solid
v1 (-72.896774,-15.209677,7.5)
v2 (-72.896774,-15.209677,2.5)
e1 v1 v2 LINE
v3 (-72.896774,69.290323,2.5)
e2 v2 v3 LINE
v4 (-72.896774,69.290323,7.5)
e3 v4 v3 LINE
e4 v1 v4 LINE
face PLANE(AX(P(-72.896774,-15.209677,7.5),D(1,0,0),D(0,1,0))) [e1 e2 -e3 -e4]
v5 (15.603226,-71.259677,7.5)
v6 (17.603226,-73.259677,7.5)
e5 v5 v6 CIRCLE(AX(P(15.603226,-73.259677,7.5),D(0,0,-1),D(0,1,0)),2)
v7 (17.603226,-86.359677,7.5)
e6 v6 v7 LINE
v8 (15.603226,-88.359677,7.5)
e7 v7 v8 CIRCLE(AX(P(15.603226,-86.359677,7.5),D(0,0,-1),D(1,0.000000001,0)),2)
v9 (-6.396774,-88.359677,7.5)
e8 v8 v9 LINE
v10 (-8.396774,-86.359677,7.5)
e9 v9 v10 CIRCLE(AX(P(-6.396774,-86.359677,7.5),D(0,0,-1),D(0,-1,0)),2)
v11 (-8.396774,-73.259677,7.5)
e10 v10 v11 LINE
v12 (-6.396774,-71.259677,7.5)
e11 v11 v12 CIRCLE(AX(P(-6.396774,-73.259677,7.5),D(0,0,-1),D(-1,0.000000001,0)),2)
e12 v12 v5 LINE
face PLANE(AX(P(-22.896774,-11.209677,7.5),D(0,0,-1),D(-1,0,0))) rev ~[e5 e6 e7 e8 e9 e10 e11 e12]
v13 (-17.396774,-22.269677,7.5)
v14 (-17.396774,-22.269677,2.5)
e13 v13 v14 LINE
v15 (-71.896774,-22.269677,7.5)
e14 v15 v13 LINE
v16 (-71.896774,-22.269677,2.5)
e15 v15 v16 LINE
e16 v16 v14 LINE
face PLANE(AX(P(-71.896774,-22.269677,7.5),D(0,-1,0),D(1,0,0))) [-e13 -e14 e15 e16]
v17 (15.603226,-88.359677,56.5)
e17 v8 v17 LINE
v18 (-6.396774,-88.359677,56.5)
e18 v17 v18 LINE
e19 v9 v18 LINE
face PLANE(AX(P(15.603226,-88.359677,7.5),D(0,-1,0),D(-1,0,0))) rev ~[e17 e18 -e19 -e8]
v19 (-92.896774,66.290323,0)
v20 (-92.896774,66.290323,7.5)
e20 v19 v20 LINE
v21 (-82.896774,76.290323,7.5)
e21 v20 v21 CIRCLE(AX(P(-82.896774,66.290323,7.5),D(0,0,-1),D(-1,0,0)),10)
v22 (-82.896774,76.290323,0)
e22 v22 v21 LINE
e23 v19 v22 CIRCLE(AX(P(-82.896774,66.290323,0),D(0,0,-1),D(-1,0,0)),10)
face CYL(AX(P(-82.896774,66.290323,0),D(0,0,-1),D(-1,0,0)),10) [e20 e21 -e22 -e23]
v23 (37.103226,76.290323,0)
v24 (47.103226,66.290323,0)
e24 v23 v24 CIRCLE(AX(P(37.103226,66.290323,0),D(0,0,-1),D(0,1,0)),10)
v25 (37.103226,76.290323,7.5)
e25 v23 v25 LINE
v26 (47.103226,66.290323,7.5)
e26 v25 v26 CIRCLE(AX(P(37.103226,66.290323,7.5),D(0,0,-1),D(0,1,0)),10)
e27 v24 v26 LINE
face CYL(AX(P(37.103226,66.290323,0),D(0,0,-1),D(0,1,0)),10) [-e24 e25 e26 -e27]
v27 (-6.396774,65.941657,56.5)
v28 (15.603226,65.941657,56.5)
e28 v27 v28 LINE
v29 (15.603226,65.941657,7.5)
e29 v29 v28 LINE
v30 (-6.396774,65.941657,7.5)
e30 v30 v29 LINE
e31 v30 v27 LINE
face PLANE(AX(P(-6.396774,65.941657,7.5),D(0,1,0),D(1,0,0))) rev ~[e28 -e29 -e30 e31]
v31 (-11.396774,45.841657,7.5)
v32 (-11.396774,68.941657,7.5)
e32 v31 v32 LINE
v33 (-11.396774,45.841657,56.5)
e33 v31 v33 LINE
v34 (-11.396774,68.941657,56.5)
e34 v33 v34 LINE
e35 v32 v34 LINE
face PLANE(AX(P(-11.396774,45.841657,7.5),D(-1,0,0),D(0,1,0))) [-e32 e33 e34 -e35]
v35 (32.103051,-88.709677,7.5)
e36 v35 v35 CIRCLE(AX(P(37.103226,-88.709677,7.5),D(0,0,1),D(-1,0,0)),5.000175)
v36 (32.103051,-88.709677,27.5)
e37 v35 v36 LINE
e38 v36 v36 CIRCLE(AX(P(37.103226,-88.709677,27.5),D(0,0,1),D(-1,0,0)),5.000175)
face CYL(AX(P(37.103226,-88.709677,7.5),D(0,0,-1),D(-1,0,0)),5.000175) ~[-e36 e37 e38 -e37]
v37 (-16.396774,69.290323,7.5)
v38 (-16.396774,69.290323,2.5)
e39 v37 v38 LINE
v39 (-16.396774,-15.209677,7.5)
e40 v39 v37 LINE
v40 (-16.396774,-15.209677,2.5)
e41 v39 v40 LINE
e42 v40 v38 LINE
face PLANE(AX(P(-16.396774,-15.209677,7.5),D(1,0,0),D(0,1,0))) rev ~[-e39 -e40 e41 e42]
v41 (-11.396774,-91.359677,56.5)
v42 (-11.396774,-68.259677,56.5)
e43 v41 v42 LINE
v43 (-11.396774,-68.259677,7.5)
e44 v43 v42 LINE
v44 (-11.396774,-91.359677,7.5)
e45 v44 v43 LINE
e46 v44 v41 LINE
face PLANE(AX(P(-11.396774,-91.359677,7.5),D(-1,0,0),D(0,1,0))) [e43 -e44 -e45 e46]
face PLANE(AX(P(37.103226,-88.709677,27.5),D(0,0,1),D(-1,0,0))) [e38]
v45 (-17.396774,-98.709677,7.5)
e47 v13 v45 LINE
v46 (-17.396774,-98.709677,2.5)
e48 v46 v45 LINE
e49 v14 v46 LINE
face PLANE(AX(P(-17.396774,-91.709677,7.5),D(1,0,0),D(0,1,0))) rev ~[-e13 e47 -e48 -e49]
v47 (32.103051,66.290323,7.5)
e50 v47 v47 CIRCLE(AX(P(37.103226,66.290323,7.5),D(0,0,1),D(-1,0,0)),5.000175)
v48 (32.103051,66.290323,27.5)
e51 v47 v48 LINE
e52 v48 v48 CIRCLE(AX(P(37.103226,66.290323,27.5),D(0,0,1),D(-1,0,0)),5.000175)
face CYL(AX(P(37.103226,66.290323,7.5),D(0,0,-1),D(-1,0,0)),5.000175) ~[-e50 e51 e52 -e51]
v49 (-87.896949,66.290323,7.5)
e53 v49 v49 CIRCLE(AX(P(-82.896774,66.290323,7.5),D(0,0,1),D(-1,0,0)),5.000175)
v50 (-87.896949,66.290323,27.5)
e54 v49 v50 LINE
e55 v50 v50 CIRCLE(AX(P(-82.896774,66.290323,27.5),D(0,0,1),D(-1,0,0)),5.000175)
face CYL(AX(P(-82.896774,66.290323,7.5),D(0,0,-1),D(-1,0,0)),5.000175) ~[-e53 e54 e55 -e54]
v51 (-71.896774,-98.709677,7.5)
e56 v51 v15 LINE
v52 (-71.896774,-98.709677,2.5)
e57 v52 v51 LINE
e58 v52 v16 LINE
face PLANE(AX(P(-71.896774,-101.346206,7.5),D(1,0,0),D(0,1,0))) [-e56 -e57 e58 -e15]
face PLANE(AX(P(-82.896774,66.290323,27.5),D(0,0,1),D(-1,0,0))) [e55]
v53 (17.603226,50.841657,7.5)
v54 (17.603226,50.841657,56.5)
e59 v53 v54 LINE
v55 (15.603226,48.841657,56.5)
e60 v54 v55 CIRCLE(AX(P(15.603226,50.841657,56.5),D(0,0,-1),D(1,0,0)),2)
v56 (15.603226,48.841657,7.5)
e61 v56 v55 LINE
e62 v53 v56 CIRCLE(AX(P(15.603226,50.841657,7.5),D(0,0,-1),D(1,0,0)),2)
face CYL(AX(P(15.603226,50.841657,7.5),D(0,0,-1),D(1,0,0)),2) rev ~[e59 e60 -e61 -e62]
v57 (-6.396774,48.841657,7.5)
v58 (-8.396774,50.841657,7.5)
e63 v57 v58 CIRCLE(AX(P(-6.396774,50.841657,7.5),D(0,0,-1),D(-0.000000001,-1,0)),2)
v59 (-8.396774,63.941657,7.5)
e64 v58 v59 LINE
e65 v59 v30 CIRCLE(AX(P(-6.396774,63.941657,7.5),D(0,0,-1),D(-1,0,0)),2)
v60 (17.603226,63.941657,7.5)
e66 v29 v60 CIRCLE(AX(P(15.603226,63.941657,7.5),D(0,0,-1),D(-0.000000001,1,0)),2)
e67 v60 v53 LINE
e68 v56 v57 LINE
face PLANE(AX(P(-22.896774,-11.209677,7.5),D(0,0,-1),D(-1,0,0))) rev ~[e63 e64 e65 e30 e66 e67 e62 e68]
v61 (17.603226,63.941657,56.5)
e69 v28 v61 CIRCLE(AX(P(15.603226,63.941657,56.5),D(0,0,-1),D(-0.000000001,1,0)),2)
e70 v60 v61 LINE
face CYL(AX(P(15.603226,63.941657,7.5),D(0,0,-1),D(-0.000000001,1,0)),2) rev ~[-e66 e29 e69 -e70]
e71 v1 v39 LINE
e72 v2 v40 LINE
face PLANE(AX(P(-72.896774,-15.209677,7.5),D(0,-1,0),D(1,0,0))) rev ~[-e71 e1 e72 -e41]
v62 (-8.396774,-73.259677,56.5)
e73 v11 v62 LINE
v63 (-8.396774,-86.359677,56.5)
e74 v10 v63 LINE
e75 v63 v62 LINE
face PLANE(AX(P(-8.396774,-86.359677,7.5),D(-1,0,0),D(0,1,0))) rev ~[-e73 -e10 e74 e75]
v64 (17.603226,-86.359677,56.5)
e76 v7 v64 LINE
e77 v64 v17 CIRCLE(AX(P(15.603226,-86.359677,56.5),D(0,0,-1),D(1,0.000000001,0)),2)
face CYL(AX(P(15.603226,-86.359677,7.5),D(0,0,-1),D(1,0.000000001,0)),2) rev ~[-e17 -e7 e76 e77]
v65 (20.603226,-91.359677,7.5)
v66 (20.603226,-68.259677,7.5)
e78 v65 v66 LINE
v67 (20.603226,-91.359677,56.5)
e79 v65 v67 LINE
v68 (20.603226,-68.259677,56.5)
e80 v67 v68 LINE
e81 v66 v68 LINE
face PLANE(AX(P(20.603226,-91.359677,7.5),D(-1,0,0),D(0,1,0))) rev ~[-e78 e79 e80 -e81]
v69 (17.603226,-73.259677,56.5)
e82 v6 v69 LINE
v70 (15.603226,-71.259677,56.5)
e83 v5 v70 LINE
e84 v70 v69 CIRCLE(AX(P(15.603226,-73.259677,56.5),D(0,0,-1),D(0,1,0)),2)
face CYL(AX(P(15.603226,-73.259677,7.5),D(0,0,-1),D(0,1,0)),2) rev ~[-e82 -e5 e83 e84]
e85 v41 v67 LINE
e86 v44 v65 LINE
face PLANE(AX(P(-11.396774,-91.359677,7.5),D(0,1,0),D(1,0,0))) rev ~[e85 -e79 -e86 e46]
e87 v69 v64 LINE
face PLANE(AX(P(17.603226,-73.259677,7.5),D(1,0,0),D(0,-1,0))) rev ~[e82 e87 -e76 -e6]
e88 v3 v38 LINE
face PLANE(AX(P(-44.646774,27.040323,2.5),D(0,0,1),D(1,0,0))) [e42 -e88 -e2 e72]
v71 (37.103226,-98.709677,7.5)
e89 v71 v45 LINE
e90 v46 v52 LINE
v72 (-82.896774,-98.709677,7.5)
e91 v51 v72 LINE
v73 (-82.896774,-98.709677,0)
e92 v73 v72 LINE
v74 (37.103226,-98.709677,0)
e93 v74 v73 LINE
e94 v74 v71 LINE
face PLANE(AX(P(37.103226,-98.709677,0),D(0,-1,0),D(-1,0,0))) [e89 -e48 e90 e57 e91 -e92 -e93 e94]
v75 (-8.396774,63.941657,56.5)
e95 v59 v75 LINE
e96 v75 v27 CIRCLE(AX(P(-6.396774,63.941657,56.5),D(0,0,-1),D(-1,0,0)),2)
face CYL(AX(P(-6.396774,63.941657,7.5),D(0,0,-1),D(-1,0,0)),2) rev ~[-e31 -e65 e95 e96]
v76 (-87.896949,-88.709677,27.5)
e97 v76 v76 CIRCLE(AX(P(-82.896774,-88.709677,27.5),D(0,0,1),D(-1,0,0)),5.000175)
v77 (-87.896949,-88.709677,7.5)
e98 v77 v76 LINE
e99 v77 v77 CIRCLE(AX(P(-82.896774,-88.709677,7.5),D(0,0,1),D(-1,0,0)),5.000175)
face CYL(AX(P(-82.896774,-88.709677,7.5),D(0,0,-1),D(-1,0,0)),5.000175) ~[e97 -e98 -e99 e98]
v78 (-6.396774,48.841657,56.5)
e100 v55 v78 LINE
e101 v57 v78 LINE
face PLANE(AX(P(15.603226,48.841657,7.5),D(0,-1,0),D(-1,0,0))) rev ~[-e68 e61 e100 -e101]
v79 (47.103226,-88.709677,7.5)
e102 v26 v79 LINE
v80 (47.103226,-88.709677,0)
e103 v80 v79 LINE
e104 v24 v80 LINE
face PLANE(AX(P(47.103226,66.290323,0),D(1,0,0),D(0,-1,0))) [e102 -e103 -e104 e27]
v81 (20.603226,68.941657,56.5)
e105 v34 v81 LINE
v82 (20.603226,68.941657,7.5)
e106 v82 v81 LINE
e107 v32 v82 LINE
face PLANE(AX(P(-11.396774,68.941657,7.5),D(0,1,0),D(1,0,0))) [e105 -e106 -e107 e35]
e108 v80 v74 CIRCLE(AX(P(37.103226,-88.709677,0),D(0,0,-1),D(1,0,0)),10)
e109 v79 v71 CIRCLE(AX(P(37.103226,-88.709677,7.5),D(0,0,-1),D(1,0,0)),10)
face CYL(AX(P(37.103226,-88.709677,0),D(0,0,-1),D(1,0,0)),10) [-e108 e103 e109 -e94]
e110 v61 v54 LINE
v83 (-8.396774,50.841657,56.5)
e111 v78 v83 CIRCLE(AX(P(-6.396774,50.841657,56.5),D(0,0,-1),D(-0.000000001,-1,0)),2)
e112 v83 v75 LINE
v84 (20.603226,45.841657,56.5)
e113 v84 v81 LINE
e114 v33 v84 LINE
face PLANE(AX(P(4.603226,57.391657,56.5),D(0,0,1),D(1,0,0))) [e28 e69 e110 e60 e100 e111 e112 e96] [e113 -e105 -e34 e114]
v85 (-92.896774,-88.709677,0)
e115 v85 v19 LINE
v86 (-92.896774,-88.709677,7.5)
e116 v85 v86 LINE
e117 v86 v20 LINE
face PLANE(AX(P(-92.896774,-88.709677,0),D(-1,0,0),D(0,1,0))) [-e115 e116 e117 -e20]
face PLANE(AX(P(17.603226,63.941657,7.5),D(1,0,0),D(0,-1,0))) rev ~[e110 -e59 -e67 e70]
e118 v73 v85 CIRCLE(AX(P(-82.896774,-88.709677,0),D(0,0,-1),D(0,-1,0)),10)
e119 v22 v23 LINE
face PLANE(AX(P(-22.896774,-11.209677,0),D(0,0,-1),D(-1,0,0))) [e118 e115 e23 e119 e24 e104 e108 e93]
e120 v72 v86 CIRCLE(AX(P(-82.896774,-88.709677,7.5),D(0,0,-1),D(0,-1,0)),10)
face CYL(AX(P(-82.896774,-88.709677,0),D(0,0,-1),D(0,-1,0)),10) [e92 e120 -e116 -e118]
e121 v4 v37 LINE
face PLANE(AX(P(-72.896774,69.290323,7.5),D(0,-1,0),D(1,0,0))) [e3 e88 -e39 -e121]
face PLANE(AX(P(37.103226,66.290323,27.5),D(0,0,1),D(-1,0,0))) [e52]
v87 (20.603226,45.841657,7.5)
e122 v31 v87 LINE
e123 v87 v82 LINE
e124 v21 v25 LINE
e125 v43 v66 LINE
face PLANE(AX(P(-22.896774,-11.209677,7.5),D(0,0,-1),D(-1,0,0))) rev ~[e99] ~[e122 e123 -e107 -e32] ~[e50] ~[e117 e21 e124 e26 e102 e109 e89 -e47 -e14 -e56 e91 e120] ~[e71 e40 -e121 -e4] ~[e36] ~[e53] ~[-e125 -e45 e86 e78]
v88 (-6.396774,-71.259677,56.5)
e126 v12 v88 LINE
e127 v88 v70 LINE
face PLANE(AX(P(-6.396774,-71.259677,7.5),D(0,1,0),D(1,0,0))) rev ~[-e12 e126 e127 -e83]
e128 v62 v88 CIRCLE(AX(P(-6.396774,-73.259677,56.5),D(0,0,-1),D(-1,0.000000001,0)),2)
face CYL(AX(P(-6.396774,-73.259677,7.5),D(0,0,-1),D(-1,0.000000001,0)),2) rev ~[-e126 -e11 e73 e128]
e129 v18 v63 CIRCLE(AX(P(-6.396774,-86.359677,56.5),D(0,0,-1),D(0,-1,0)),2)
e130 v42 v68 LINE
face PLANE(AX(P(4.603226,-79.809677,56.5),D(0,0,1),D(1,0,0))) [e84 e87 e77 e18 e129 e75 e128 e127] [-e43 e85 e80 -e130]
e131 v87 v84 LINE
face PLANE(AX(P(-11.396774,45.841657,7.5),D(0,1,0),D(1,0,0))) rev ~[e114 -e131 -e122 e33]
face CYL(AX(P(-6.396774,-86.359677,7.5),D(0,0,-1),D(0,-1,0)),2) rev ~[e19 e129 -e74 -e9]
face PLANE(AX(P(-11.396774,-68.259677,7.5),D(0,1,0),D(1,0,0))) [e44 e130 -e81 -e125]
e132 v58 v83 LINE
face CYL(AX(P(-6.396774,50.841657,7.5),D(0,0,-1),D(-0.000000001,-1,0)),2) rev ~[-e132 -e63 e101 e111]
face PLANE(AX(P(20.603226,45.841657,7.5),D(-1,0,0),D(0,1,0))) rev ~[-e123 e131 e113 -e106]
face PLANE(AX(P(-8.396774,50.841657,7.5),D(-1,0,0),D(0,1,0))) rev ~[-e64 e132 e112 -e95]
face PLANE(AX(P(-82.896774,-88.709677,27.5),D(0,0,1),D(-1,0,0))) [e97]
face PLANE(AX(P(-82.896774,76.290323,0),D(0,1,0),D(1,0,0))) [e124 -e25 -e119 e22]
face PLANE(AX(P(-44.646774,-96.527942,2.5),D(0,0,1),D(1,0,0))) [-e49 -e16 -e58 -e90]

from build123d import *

# Parameters (mm, degrees)
BOSS_EXTRUDE1_DEPTH = 7.5
SKETCH3_W           = 56.5
SKETCH3_H           = 84.5
SKETCH3_W_2         = 54.5
SKETCH3_H_2         = 69.44
CUT_EXTRUDE1_DEPTH  = 5
SKETCH4_W           = 54.5
SKETCH4_H           = 9.636528607
CUT_EXTRUDE2_DEPTH  = 5
SKETCH5_W           = 32
SKETCH5_H           = 23.1
BOSS_EXTRUDE2_DEPTH = 49
SKETCH6_W           = 32
SKETCH6_H           = 23.1
BOSS_EXTRUDE3_DEPTH = 49
SKETCH7_R           = 5.000174567
BOSS_EXTRUDE4_DEPTH = 20


with BuildPart() as part:
    # Sketch2 → Boss-Extrude1 (new body)
    with BuildSketch(Plane.XY):
        with BuildLine():
            Line((-82.896774194, 76.290322581), (37.103225806, 76.290322581))
            ThreePointArc((37.103225806, 76.290322581), (44.174293618, 73.361390393), (47.103225806, 66.290322581))
            Line((47.103225806, 66.290322581), (47.103225806, -88.709677419))
            ThreePointArc((47.103225806, -88.709677419), (44.174293618, -95.780745231), (37.103225806, -98.709677419))
            Line((37.103225806, -98.709677419), (-82.896774194, -98.709677419))
            ThreePointArc((-82.896774194, -98.709677419), (-89.967842005, -95.780745231), (-92.896774194, -88.709677419))
            Line((-92.896774194, -88.709677419), (-92.896774194, 66.290322581))
            ThreePointArc((-92.896774194, 66.290322581), (-89.967842005, 73.361390393), (-82.896774194, 76.290322581))
        make_face()
    extrude(amount=BOSS_EXTRUDE1_DEPTH)

    # Sketch3 → Cut-Extrude1 (cut)
    with BuildSketch(Plane.XY.offset(7.5)):
        with Locations((-44.646774194, 27.040322581)):
            Rectangle(SKETCH3_W, SKETCH3_H)
        with Locations((-44.646774194, -56.989677419)):
            Rectangle(SKETCH3_W_2, SKETCH3_H_2)
    extrude(amount=-CUT_EXTRUDE1_DEPTH, mode=Mode.SUBTRACT)

    # Sketch4 → Cut-Extrude2 (cut)
    with BuildSketch(Plane.XY.offset(7.5)):
        with Locations((-44.646774194, -96.527941723)):
            Rectangle(SKETCH4_W, SKETCH4_H)
    extrude(amount=-CUT_EXTRUDE2_DEPTH, mode=Mode.SUBTRACT)

    # Sketch5 → Boss-Extrude2 (add)
    with BuildSketch(Plane.XY.offset(7.5)):
        with Locations((4.603225806, 57.39165706)):
            Rectangle(SKETCH5_W, SKETCH5_H)
        with BuildLine():
            Line((-6.396774194, 65.94165706), (15.603225806, 65.94165706))
            ThreePointArc((15.603225806, 65.94165706), (17.017439369, 65.355870623), (17.603225806, 63.94165706))
            Line((17.603225806, 63.94165706), (17.603225806, 50.84165706))
            ThreePointArc((17.603225806, 50.84165706), (17.017439369, 49.427443498), (15.603225806, 48.84165706))
            Line((15.603225806, 48.84165706), (-6.396774194, 48.84165706))
            ThreePointArc((-6.396774194, 48.84165706), (-7.810987756, 49.427443498), (-8.396774194, 50.84165706))
            Line((-8.396774194, 50.84165706), (-8.396774194, 63.94165706))
            ThreePointArc((-8.396774194, 63.94165706), (-7.810987756, 65.355870623), (-6.396774194, 65.94165706))
        make_face(mode=Mode.SUBTRACT)
    extrude(amount=BOSS_EXTRUDE2_DEPTH)

    # Sketch6 → Boss-Extrude3 (add)
    with BuildSketch(Plane.XY.offset(7.5)):
        with Locations((4.603225806, -79.809677419)):
            Rectangle(SKETCH6_W, SKETCH6_H)
        with BuildLine():
            Line((-6.396774194, -71.259677419), (15.603225806, -71.259677419))
            ThreePointArc((15.603225806, -71.259677419), (17.017439369, -71.845463857), (17.603225806, -73.259677419))
            Line((17.603225806, -73.259677419), (17.603225806, -86.359677419))
            ThreePointArc((17.603225806, -86.359677419), (17.017439369, -87.773890982), (15.603225806, -88.359677419))
            Line((15.603225806, -88.359677419), (-6.396774194, -88.359677419))
            ThreePointArc((-6.396774194, -88.359677419), (-7.810987756, -87.773890982), (-8.396774194, -86.359677419))
            Line((-8.396774194, -86.359677419), (-8.396774194, -73.259677419))
            ThreePointArc((-8.396774194, -73.259677419), (-7.810987756, -71.845463857), (-6.396774194, -71.259677419))
        make_face(mode=Mode.SUBTRACT)
    extrude(amount=BOSS_EXTRUDE3_DEPTH)

    # Sketch7 → Boss-Extrude4 (add)
    with BuildSketch(Plane.XY.offset(7.5)):
        with Locations((-82.896774194, 66.290322581)):
            Circle(SKETCH7_R)
        with Locations((37.103225806, 66.290322581)):
            Circle(SKETCH7_R)
        with Locations((-82.896774194, -88.709677419)):
            Circle(SKETCH7_R)
        with Locations((37.103225806, -88.709677419)):
            Circle(SKETCH7_R)
    extrude(amount=BOSS_EXTRUDE4_DEPTH)


solid = part.part
